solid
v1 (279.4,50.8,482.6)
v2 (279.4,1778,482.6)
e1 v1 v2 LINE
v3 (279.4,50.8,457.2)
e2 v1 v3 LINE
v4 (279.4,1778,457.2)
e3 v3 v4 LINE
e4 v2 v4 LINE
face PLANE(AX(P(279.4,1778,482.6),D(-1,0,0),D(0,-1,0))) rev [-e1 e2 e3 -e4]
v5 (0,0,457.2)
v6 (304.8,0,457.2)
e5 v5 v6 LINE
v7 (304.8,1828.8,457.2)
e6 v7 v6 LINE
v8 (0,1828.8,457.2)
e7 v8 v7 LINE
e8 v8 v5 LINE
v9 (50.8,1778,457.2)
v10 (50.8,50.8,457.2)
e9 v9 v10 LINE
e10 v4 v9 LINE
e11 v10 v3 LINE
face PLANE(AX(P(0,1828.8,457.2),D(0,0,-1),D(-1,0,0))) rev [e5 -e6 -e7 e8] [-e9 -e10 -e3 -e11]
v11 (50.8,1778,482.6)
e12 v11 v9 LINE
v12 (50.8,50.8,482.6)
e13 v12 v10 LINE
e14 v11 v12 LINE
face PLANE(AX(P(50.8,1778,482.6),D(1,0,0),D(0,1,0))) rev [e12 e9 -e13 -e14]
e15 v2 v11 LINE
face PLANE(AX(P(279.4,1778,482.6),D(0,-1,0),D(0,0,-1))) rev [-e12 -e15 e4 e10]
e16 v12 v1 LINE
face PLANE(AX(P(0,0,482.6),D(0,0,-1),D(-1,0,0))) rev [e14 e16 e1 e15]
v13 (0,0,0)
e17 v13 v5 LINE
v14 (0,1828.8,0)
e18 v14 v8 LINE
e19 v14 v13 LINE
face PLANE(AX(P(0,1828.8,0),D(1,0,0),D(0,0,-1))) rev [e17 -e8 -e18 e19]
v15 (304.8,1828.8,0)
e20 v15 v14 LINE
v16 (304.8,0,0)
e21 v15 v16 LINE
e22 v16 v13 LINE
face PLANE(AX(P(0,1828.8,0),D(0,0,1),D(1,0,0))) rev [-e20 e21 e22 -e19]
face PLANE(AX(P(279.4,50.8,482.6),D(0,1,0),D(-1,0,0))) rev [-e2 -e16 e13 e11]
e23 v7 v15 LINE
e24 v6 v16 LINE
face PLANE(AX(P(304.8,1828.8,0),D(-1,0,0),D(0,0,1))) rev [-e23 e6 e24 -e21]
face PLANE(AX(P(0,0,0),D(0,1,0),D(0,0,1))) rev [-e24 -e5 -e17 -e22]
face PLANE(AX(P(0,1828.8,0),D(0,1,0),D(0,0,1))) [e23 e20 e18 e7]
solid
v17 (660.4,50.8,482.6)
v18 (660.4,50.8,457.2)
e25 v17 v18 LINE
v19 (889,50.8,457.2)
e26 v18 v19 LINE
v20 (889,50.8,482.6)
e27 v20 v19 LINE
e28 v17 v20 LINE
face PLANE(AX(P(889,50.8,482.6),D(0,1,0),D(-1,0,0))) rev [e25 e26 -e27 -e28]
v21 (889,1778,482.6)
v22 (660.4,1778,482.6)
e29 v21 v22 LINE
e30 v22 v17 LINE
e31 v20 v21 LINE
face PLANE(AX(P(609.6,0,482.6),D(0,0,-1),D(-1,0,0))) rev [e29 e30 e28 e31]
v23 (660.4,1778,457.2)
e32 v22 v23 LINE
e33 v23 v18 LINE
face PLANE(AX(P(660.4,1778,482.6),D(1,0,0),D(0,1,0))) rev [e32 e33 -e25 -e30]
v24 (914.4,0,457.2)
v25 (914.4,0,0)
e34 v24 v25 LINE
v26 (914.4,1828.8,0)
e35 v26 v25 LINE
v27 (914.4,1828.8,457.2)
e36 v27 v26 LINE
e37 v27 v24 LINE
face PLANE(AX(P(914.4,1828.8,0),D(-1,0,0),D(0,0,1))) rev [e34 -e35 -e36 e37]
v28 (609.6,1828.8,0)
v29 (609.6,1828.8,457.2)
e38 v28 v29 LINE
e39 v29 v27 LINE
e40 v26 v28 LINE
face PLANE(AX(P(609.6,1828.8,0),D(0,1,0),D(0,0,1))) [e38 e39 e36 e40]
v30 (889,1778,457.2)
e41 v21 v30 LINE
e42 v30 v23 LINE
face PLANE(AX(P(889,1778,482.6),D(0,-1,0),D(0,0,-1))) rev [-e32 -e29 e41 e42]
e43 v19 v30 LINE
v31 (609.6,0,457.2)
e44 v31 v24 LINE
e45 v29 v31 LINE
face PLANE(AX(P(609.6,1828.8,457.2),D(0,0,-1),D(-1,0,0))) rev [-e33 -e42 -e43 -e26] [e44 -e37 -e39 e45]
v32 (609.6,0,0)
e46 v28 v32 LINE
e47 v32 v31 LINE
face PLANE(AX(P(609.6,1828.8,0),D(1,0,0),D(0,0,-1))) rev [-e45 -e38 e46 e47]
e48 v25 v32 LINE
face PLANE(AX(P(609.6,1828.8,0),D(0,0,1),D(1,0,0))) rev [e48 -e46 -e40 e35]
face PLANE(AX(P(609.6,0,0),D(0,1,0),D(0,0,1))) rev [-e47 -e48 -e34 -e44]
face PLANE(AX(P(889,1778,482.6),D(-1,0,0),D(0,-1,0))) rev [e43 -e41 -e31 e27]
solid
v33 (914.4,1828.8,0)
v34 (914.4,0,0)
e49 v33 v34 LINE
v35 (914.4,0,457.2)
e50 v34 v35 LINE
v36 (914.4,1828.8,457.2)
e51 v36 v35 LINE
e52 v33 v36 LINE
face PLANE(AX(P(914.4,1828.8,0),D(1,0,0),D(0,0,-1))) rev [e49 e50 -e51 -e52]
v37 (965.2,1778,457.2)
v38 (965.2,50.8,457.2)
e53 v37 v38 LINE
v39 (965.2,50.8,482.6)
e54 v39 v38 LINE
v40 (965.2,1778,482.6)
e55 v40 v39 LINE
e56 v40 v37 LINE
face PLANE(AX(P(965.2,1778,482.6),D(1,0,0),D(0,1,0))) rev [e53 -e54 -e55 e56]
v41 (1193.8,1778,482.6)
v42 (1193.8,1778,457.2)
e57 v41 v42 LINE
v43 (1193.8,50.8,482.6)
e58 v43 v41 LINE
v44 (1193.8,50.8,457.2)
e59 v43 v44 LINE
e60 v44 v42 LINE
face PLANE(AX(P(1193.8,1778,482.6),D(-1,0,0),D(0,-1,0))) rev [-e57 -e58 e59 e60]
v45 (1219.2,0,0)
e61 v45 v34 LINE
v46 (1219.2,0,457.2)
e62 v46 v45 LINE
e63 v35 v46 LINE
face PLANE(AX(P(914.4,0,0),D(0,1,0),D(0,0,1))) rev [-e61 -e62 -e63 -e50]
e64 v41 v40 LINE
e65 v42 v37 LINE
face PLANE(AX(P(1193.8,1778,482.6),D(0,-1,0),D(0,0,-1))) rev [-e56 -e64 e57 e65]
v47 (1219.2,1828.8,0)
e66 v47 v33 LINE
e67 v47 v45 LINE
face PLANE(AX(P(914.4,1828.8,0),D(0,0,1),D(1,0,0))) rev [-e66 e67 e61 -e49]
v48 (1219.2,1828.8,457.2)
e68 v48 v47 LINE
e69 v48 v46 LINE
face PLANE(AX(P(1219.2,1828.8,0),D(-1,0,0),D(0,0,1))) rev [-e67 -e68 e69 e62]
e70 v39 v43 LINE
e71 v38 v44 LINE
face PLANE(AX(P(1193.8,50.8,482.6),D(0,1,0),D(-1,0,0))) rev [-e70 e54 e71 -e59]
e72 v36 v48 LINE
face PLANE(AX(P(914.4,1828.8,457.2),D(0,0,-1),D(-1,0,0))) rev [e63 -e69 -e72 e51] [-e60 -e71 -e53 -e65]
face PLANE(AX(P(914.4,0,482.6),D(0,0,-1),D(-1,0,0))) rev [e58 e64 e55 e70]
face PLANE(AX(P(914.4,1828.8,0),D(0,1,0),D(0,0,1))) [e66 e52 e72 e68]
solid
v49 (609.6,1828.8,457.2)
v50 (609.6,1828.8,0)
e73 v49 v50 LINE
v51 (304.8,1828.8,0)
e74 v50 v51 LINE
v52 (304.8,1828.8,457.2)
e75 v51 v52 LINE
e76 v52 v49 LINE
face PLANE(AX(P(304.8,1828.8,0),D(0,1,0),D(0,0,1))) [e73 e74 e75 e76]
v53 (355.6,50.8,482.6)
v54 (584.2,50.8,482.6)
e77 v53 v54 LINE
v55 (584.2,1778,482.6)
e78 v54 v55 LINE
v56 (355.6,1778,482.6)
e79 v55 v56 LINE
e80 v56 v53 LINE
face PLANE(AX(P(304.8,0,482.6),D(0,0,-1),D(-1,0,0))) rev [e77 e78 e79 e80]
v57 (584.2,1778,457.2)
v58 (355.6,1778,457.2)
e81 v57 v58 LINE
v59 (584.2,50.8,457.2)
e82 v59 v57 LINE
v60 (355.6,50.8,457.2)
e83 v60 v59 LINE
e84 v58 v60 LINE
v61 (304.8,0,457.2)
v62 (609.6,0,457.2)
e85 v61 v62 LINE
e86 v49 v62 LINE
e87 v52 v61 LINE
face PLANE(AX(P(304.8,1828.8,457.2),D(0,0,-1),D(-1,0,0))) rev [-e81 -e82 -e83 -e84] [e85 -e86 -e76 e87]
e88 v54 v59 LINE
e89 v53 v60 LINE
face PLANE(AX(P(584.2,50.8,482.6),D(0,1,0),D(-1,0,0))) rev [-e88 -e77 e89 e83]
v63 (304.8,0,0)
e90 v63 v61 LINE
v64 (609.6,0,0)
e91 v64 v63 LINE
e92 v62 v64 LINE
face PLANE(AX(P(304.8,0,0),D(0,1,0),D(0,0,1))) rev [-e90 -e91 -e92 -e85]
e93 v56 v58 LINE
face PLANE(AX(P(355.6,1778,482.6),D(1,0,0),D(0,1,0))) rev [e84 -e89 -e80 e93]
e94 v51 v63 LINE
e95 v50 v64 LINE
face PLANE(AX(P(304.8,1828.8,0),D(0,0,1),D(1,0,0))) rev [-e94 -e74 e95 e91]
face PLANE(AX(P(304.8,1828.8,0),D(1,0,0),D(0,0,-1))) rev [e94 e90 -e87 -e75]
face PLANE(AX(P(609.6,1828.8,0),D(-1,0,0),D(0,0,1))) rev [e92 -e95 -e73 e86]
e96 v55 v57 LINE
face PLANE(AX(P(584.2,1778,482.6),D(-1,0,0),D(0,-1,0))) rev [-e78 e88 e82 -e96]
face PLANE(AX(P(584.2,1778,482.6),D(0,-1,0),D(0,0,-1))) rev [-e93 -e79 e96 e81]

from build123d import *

# Parameters (mm, degrees)
SKETCH1_W           = 304.8
SKETCH1_H           = 457.2
BOSS_EXTRUDE1_DEPTH = 1828.8
SKETCH2_W           = 228.6
SKETCH2_H           = 1727.2
BOSS_EXTRUDE2_DEPTH = 25.4
LPATTERN1_COUNT     = 4
LPATTERN1_PITCH     = 304.8


with BuildPart() as part:
    # Sketch1 → Boss-Extrude1 (new body)
    with BuildSketch(Plane(origin=(0, 0, 0), x_dir=(1, 0, 0), z_dir=(0, 1, 0))):
        with Locations((152.4, -228.6)):
            Rectangle(SKETCH1_W, SKETCH1_H)
    extrude(amount=BOSS_EXTRUDE1_DEPTH)

    # Sketch2 → Boss-Extrude2 (add)
    with BuildSketch(Plane.XY.offset(457.2)):
        with Locations((165.1, 914.4)):
            Rectangle(SKETCH2_W, SKETCH2_H)
    extrude(amount=BOSS_EXTRUDE2_DEPTH)


with BuildPart() as lpattern1_1:
    # LPattern1: pattern copy
    add(part.part.moved(Location(Vector(1, 0, 0) * (1 * LPATTERN1_PITCH))))


with BuildPart() as lpattern1_2:
    # LPattern1: pattern copy
    add(part.part.moved(Location(Vector(1, 0, 0) * (2 * LPATTERN1_PITCH))))


with BuildPart() as lpattern1_3:
    # LPattern1: pattern copy
    add(part.part.moved(Location(Vector(1, 0, 0) * (3 * LPATTERN1_PITCH))))


solid = Compound([part.part, lpattern1_1.part, lpattern1_2.part, lpattern1_3.part])
